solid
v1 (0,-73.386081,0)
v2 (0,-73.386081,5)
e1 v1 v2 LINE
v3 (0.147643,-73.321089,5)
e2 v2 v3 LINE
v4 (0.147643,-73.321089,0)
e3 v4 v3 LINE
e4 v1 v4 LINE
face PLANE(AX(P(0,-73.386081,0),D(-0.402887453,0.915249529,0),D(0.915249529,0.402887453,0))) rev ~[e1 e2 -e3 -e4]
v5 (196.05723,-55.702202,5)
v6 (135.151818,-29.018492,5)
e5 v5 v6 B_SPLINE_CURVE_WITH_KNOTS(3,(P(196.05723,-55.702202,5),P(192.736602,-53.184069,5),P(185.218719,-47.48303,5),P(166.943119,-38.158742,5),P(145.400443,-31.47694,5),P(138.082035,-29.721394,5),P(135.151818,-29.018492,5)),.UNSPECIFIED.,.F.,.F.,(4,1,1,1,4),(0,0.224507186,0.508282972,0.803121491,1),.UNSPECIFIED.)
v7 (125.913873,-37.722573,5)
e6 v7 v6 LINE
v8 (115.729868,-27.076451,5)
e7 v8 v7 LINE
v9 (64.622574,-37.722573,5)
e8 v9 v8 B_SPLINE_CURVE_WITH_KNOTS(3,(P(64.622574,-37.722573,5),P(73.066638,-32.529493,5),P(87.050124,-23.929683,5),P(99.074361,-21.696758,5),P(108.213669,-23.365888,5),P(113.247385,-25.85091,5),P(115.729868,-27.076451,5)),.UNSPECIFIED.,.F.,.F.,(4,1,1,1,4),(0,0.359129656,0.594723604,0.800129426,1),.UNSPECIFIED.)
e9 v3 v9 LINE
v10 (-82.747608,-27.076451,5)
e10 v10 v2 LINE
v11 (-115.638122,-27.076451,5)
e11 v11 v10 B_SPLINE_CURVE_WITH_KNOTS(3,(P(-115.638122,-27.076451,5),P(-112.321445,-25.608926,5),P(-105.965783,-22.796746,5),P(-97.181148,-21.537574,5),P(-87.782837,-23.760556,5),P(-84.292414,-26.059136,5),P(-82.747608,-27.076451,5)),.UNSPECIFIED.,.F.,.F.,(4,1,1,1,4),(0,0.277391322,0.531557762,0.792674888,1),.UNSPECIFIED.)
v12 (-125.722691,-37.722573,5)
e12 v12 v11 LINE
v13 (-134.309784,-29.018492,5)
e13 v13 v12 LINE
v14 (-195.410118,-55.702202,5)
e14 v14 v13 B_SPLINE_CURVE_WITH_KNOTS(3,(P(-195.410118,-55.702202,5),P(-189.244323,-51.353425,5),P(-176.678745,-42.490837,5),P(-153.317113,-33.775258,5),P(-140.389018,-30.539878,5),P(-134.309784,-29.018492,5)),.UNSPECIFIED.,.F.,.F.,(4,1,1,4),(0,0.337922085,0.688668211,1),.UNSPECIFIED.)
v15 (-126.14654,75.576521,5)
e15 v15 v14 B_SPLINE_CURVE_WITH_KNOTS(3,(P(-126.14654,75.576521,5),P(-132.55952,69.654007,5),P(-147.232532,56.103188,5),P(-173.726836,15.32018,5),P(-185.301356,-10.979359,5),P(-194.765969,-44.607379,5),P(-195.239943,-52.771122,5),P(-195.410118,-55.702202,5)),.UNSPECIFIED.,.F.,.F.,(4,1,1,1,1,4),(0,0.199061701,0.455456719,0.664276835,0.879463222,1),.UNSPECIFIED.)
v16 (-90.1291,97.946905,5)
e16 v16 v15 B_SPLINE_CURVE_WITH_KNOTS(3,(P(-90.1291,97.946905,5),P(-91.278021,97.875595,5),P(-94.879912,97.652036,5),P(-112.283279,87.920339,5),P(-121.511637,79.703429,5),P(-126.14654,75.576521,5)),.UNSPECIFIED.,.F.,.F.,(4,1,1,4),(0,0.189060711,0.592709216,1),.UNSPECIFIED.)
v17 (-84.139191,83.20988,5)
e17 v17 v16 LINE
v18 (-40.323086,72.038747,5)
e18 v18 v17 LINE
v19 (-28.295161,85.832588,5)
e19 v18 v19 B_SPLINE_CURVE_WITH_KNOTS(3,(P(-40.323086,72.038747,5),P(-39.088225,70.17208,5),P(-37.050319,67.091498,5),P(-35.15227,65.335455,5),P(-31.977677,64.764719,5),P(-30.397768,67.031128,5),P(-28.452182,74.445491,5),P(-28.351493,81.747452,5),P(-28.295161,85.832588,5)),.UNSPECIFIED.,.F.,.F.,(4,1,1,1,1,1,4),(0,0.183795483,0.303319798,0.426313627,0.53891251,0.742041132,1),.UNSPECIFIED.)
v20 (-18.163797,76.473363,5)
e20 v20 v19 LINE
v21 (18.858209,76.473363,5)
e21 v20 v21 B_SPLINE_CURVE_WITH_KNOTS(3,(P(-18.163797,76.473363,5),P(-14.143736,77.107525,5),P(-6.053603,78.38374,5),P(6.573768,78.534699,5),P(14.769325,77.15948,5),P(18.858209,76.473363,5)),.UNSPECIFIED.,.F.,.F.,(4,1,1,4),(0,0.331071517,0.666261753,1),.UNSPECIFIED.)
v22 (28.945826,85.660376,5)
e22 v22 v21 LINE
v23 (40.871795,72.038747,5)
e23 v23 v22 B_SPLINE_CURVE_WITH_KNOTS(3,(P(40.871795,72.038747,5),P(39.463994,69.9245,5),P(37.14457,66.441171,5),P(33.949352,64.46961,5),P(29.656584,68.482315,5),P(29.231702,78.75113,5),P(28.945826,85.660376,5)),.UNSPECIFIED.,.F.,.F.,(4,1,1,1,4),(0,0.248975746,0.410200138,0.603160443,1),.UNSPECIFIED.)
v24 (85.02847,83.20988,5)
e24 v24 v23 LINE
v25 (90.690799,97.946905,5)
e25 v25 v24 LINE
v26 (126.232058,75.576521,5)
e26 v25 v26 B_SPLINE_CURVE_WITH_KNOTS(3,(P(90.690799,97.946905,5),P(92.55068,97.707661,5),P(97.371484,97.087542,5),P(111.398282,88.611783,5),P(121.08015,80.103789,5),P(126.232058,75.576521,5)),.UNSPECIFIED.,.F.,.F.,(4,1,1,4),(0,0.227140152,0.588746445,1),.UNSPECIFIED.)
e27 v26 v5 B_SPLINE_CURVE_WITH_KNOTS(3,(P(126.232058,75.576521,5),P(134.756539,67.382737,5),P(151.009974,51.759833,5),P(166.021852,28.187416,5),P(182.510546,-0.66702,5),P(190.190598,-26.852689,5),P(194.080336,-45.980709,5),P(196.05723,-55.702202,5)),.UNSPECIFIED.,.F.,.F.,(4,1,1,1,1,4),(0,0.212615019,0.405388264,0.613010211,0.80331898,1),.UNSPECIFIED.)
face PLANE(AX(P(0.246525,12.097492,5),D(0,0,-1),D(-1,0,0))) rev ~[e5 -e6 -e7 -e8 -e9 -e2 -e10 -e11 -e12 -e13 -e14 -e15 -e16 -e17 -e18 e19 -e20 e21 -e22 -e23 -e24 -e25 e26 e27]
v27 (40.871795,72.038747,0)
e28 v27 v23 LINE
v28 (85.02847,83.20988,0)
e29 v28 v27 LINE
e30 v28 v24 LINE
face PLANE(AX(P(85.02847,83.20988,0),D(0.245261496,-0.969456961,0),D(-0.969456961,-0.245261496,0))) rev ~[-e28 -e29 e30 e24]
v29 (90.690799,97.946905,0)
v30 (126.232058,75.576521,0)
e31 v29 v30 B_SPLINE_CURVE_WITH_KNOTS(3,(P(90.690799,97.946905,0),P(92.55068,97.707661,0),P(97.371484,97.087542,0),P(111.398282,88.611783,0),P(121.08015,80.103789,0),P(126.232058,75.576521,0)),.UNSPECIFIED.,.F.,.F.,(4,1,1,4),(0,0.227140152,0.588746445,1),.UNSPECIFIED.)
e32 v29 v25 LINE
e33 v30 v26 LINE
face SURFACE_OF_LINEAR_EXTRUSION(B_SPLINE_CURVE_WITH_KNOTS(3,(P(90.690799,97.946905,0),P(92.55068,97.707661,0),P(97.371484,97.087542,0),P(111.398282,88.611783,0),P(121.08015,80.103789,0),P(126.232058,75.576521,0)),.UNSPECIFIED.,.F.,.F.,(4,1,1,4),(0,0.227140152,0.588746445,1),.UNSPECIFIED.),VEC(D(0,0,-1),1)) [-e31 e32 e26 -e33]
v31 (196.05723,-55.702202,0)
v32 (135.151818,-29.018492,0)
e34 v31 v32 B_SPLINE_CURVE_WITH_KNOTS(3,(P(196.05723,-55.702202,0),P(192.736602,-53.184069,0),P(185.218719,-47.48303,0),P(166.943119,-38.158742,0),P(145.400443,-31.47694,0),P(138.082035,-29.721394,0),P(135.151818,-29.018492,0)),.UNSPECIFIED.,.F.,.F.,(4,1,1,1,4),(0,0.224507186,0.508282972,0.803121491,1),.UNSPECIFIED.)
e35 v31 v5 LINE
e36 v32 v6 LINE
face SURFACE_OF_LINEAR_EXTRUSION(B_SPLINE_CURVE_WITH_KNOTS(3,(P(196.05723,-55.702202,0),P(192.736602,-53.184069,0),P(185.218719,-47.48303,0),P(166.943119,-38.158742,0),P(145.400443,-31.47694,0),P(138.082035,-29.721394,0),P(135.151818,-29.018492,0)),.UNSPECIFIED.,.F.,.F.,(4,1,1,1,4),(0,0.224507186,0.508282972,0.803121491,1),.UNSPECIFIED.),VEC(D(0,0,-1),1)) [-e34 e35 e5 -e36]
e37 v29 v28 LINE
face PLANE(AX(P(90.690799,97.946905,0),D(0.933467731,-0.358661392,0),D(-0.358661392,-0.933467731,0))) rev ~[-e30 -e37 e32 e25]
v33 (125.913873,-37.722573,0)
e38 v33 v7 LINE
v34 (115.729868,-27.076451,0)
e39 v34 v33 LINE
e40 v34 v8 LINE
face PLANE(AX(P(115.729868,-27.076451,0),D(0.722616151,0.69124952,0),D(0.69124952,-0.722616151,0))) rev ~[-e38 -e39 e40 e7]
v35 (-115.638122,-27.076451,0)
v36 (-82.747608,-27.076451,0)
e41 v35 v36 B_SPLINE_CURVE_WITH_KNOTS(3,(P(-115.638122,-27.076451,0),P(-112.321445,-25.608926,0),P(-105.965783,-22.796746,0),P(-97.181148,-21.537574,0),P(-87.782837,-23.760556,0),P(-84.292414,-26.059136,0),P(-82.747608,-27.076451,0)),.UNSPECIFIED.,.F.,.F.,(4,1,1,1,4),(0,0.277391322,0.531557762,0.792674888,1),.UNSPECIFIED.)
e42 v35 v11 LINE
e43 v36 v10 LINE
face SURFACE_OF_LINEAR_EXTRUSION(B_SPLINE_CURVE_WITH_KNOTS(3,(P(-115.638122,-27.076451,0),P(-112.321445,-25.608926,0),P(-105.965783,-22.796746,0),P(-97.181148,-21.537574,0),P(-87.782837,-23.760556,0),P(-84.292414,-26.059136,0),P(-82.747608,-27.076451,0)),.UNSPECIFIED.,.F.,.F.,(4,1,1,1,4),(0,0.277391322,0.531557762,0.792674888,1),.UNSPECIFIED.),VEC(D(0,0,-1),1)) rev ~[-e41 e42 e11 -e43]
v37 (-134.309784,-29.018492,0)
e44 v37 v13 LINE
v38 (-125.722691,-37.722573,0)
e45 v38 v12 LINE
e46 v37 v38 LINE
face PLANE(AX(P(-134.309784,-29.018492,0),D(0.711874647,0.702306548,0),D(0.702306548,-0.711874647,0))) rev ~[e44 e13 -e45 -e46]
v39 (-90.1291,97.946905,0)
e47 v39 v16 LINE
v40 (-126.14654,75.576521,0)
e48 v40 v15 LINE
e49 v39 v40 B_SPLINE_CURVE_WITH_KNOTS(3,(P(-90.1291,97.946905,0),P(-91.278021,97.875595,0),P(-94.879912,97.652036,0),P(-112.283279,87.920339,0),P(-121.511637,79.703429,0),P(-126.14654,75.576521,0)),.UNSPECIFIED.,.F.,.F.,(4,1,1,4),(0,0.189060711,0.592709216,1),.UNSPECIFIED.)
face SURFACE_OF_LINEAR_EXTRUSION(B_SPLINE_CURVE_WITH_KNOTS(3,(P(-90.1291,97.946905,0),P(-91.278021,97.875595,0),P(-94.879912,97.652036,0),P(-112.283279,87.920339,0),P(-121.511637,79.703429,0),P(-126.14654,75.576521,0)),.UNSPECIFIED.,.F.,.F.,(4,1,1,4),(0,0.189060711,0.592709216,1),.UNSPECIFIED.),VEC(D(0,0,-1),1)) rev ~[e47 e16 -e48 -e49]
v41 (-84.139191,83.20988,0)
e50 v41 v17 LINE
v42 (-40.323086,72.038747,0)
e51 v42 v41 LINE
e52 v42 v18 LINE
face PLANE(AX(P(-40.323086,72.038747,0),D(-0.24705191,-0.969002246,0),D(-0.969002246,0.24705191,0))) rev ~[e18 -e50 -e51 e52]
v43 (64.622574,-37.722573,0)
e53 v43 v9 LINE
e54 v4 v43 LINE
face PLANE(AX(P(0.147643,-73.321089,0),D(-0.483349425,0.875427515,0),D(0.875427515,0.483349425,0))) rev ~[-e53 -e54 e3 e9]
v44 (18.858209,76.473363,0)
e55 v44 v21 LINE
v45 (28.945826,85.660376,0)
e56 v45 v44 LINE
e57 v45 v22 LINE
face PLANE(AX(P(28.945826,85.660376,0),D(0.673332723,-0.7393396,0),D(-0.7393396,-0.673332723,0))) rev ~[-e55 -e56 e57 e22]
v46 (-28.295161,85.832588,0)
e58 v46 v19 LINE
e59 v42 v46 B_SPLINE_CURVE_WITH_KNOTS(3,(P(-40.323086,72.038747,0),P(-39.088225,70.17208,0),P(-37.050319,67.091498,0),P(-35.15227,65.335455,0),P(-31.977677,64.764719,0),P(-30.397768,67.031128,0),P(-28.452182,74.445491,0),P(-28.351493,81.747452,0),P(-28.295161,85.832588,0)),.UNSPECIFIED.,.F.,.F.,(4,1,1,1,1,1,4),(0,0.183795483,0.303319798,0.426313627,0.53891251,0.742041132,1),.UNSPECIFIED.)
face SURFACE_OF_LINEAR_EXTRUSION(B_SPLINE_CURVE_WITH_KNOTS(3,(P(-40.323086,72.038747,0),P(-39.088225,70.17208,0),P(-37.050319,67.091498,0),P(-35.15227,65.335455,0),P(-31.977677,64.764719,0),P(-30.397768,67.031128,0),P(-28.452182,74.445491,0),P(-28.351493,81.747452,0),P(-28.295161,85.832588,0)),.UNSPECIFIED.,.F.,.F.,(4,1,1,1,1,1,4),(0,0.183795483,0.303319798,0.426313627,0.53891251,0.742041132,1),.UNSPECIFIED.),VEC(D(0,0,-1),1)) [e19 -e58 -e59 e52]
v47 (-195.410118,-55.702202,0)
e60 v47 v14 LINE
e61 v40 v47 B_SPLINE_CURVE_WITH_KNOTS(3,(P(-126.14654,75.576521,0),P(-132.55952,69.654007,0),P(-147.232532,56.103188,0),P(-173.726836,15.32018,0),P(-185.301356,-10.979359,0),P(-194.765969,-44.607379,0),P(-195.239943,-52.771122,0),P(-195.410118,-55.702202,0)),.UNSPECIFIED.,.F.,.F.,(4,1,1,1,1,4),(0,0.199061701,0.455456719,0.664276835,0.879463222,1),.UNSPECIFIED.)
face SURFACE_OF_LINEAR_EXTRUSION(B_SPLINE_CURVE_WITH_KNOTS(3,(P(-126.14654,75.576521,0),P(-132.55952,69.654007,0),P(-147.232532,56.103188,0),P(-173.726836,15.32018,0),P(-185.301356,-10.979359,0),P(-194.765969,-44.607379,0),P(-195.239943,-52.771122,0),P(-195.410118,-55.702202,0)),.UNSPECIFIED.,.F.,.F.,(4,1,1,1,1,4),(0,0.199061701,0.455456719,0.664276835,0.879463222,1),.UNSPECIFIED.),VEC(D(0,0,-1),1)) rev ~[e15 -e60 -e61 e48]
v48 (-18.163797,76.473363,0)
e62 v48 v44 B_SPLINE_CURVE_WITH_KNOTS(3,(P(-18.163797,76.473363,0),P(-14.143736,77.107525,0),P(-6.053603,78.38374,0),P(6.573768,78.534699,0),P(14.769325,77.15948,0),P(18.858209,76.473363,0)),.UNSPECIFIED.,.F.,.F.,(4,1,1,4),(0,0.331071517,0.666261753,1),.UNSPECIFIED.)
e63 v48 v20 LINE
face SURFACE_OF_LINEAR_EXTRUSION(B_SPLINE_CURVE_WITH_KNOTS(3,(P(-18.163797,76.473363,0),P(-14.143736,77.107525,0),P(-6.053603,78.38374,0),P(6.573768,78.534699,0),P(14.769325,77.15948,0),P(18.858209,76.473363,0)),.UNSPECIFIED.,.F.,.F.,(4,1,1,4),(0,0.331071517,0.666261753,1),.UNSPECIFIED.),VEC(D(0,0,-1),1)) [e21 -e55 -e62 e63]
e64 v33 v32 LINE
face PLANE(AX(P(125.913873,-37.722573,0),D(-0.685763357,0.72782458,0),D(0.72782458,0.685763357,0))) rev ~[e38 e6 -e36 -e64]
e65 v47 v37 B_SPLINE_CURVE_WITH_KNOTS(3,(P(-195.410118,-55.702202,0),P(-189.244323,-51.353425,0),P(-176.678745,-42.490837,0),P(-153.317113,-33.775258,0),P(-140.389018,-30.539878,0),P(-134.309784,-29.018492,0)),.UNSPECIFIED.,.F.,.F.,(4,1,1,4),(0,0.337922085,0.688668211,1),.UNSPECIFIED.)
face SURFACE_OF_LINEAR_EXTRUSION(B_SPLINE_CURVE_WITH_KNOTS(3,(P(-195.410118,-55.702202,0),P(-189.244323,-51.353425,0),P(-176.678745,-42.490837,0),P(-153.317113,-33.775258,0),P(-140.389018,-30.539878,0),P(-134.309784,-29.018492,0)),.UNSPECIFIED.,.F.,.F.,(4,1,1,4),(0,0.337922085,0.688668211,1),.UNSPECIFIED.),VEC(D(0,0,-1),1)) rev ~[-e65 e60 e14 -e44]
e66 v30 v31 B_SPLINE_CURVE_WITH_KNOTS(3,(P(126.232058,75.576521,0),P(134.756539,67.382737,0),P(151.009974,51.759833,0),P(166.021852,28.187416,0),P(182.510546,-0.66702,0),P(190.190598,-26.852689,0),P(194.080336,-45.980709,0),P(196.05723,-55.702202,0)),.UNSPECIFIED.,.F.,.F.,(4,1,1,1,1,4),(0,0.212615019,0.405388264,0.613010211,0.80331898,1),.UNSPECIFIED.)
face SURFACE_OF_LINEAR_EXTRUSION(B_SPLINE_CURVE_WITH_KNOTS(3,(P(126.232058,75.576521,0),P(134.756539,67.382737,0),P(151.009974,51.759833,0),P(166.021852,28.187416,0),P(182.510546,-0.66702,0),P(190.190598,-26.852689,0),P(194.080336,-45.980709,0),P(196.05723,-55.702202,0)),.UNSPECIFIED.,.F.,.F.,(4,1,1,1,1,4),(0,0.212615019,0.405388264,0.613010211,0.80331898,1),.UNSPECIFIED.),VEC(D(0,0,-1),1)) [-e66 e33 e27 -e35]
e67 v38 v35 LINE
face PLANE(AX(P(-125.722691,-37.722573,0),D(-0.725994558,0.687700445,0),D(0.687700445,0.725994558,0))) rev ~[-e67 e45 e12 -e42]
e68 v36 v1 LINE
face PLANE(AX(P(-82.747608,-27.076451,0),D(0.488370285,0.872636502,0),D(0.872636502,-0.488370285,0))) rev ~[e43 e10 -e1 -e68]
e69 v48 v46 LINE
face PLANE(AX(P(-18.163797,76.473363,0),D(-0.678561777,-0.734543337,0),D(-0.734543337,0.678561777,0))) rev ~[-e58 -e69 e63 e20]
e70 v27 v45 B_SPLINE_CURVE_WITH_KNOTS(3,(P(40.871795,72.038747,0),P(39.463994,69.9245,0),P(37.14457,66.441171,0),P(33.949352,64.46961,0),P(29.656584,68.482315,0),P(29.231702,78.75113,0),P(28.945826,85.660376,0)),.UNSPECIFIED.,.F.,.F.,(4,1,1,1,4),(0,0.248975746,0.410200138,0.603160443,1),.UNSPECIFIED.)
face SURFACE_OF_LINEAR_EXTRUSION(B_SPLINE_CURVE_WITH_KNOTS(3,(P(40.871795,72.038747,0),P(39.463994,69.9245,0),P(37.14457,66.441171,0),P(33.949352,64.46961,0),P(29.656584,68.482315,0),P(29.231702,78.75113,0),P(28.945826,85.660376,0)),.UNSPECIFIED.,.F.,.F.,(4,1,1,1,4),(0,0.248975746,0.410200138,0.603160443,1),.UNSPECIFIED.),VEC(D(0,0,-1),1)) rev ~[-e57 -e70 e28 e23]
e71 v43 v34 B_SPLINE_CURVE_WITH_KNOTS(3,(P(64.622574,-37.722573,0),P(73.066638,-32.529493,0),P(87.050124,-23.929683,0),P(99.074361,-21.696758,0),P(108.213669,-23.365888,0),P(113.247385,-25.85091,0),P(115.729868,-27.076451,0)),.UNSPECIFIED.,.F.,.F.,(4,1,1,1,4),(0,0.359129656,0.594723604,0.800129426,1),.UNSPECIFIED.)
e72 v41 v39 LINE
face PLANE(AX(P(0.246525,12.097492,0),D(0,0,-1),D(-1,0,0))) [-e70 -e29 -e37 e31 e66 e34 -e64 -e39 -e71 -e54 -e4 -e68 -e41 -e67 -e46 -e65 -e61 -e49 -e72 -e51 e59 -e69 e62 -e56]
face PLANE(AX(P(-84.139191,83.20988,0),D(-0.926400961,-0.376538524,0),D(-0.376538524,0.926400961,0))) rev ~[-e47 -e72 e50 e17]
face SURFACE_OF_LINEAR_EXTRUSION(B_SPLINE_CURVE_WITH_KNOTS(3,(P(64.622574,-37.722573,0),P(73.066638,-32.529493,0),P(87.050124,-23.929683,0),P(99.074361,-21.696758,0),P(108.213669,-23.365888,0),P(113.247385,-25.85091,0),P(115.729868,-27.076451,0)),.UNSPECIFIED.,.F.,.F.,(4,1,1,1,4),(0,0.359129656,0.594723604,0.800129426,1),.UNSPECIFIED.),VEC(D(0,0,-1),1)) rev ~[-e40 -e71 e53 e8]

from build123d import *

# Parameters (mm, degrees)
F1_DEPTH = 5


with BuildPart() as f1:
    # F0 (on Top) → F1 (new body)
    with BuildSketch(Plane.XY):
        with BuildLine():
            add(Edge.make_bspline(
                [(90.6907990575, 97.9469045997), (92.5506797048, 97.7076608643), (97.3714835458, 97.0875419767), (111.3982823465, 88.6117833473), (121.080150162, 80.1037886779), (126.2320578098, 75.5765214562)],
                knots=[0, 0, 0, 0, 0.2271401523, 0.5887464448, 1, 1, 1, 1], degree=3))
            Line((90.6907990575, 97.9469045997), (85.0284695625, 83.2098796964))
            Line((85.0284695625, 83.2098796964), (40.8717952669, 72.0387473702))
            add(Edge.make_bspline(
                [(40.8717952669, 72.0387473702), (39.4639939865, 69.9245000162), (37.1445701485, 66.4411705287), (33.9493519923, 64.4696102192), (29.6565838044, 68.4823153989), (29.2317022817, 78.7511303066), (28.945825994, 85.6603756547)],
                knots=[0, 0, 0, 0, 0.2489757455, 0.4102001378, 0.6031604435, 1, 1, 1, 1], degree=3))
            Line((28.945825994, 85.6603756547), (18.8582092524, 76.4733627439))
            add(Edge.make_bspline(
                [(-18.1637965143, 76.4733627439), (-14.1437358291, 77.1075253303), (-6.0536026016, 78.3837398489), (6.5737675387, 78.534699391), (14.7693251616, 77.1594799333), (18.8582092524, 76.4733627439)],
                knots=[0, 0, 0, 0, 0.331071517, 0.6662617533, 1, 1, 1, 1], degree=3))
            Line((-18.1637965143, 76.4733627439), (-28.2951612025, 85.8325883746))
            add(Edge.make_bspline(
                [(-40.3230860829, 72.0387473702), (-39.088224818, 70.1720803209), (-37.0503190798, 67.0914982353), (-35.1522700417, 65.3354549205), (-31.9776770355, 64.7647193737), (-30.3977678177, 67.0311278125), (-28.4521818074, 74.4454913779), (-28.3514925601, 81.747451692), (-28.2951612025, 85.8325883746)],
                knots=[0, 0, 0, 0, 0.183795483, 0.303319798, 0.4263136272, 0.5389125099, 0.7420411316, 1, 1, 1, 1], degree=3))
            Line((-40.3230860829, 72.0387473702), (-84.1391906142, 83.2098796964))
            Line((-84.1391906142, 83.2098796964), (-90.1290997863, 97.9469045997))
            add(Edge.make_bspline(
                [(-90.1290997863, 97.9469045997), (-91.2780209136, 97.8755945292), (-94.8799122656, 97.6520359926), (-112.2832793798, 87.9203392551), (-121.5116369775, 79.7034292861), (-126.1465400457, 75.5765214562)],
                knots=[0, 0, 0, 0, 0.1890607113, 0.5927092164, 1, 1, 1, 1], degree=3))
            add(Edge.make_bspline(
                [(-126.1465400457, 75.5765214562), (-132.559519944, 69.6540069441), (-147.2325322521, 56.1031881811), (-173.7268363632, 15.3201798146), (-185.3013561139, -10.9793593897), (-194.7659689395, -44.6073790263), (-195.2399434774, -52.7711224043), (-195.410117507, -55.7022020221)],
                knots=[0, 0, 0, 0, 0.1990617008, 0.4554567194, 0.6642768347, 0.8794632215, 1, 1, 1, 1], degree=3))
            add(Edge.make_bspline(
                [(-195.410117507, -55.7022020221), (-189.2443233147, -51.3534252403), (-176.6787449134, -42.490836919), (-153.3171130308, -33.7752578796), (-140.3890181065, -30.5398782143), (-134.3097835779, -29.0184915066)],
                knots=[0, 0, 0, 0, 0.3379220853, 0.6886682111, 1, 1, 1, 1], degree=3))
            Line((-134.3097835779, -29.0184915066), (-125.7226914167, -37.7225726843))
            Line((-125.7226914167, -37.7225726843), (-115.6381219625, -27.0764511079))
            add(Edge.make_bspline(
                [(-115.6381219625, -27.0764511079), (-112.3214448117, -25.6089260502), (-105.9657828163, -22.7967460241), (-97.1811480846, -21.5375744889), (-87.7828374292, -23.7605556506), (-84.2924143647, -26.0591359078), (-82.7476084232, -27.0764511079)],
                knots=[0, 0, 0, 0, 0.2773913223, 0.5315577625, 0.7926748883, 1, 1, 1, 1], degree=3))
            Line((-82.7476084232, -27.0764511079), (0, -73.3860805631))
            Line((0, -73.3860805631), (0.147642626, -73.3210891485))
            Line((0.147642626, -73.3210891485), (64.6225735545, -37.7225726843))
            add(Edge.make_bspline(
                [(64.6225735545, -37.7225726843), (73.0666381112, -32.529493092), (87.0501240706, -23.9296825297), (99.0743607688, -21.6967578796), (108.2136687045, -23.3658879949), (113.2473852724, -25.8509101796), (115.729868412, -27.0764511079)],
                knots=[0, 0, 0, 0, 0.3591296563, 0.5947236041, 0.800129426, 1, 1, 1, 1], degree=3))
            Line((115.729868412, -27.0764511079), (125.9138733149, -37.7225726843))
            Line((125.9138733149, -37.7225726843), (135.1518183947, -29.0184915066))
            add(Edge.make_bspline(
                [(196.0572302341, -55.7022020221), (192.7366020121, -53.1840689017), (185.2187189114, -47.4830300727), (166.9431190304, -38.1587419464), (145.4004429365, -31.4769398334), (138.082034766, -29.7213941747), (135.1518183947, -29.0184915066)],
                knots=[0, 0, 0, 0, 0.2245071862, 0.508282972, 0.8031214914, 1, 1, 1, 1], degree=3))
            add(Edge.make_bspline(
                [(126.2320578098, 75.5765214562), (134.7565386666, 67.382737054), (151.0099741889, 51.7598330082), (166.021851899, 28.1874163152), (182.5105457126, -0.6670200083), (190.1905976163, -26.8526885409), (194.0803362932, -45.9807089416), (196.0572302341, -55.7022020221)],
                knots=[0, 0, 0, 0, 0.2126150187, 0.4053882641, 0.6130102113, 0.8033189805, 1, 1, 1, 1], degree=3))
        make_face()
    extrude(amount=F1_DEPTH)


solid = f1.part
